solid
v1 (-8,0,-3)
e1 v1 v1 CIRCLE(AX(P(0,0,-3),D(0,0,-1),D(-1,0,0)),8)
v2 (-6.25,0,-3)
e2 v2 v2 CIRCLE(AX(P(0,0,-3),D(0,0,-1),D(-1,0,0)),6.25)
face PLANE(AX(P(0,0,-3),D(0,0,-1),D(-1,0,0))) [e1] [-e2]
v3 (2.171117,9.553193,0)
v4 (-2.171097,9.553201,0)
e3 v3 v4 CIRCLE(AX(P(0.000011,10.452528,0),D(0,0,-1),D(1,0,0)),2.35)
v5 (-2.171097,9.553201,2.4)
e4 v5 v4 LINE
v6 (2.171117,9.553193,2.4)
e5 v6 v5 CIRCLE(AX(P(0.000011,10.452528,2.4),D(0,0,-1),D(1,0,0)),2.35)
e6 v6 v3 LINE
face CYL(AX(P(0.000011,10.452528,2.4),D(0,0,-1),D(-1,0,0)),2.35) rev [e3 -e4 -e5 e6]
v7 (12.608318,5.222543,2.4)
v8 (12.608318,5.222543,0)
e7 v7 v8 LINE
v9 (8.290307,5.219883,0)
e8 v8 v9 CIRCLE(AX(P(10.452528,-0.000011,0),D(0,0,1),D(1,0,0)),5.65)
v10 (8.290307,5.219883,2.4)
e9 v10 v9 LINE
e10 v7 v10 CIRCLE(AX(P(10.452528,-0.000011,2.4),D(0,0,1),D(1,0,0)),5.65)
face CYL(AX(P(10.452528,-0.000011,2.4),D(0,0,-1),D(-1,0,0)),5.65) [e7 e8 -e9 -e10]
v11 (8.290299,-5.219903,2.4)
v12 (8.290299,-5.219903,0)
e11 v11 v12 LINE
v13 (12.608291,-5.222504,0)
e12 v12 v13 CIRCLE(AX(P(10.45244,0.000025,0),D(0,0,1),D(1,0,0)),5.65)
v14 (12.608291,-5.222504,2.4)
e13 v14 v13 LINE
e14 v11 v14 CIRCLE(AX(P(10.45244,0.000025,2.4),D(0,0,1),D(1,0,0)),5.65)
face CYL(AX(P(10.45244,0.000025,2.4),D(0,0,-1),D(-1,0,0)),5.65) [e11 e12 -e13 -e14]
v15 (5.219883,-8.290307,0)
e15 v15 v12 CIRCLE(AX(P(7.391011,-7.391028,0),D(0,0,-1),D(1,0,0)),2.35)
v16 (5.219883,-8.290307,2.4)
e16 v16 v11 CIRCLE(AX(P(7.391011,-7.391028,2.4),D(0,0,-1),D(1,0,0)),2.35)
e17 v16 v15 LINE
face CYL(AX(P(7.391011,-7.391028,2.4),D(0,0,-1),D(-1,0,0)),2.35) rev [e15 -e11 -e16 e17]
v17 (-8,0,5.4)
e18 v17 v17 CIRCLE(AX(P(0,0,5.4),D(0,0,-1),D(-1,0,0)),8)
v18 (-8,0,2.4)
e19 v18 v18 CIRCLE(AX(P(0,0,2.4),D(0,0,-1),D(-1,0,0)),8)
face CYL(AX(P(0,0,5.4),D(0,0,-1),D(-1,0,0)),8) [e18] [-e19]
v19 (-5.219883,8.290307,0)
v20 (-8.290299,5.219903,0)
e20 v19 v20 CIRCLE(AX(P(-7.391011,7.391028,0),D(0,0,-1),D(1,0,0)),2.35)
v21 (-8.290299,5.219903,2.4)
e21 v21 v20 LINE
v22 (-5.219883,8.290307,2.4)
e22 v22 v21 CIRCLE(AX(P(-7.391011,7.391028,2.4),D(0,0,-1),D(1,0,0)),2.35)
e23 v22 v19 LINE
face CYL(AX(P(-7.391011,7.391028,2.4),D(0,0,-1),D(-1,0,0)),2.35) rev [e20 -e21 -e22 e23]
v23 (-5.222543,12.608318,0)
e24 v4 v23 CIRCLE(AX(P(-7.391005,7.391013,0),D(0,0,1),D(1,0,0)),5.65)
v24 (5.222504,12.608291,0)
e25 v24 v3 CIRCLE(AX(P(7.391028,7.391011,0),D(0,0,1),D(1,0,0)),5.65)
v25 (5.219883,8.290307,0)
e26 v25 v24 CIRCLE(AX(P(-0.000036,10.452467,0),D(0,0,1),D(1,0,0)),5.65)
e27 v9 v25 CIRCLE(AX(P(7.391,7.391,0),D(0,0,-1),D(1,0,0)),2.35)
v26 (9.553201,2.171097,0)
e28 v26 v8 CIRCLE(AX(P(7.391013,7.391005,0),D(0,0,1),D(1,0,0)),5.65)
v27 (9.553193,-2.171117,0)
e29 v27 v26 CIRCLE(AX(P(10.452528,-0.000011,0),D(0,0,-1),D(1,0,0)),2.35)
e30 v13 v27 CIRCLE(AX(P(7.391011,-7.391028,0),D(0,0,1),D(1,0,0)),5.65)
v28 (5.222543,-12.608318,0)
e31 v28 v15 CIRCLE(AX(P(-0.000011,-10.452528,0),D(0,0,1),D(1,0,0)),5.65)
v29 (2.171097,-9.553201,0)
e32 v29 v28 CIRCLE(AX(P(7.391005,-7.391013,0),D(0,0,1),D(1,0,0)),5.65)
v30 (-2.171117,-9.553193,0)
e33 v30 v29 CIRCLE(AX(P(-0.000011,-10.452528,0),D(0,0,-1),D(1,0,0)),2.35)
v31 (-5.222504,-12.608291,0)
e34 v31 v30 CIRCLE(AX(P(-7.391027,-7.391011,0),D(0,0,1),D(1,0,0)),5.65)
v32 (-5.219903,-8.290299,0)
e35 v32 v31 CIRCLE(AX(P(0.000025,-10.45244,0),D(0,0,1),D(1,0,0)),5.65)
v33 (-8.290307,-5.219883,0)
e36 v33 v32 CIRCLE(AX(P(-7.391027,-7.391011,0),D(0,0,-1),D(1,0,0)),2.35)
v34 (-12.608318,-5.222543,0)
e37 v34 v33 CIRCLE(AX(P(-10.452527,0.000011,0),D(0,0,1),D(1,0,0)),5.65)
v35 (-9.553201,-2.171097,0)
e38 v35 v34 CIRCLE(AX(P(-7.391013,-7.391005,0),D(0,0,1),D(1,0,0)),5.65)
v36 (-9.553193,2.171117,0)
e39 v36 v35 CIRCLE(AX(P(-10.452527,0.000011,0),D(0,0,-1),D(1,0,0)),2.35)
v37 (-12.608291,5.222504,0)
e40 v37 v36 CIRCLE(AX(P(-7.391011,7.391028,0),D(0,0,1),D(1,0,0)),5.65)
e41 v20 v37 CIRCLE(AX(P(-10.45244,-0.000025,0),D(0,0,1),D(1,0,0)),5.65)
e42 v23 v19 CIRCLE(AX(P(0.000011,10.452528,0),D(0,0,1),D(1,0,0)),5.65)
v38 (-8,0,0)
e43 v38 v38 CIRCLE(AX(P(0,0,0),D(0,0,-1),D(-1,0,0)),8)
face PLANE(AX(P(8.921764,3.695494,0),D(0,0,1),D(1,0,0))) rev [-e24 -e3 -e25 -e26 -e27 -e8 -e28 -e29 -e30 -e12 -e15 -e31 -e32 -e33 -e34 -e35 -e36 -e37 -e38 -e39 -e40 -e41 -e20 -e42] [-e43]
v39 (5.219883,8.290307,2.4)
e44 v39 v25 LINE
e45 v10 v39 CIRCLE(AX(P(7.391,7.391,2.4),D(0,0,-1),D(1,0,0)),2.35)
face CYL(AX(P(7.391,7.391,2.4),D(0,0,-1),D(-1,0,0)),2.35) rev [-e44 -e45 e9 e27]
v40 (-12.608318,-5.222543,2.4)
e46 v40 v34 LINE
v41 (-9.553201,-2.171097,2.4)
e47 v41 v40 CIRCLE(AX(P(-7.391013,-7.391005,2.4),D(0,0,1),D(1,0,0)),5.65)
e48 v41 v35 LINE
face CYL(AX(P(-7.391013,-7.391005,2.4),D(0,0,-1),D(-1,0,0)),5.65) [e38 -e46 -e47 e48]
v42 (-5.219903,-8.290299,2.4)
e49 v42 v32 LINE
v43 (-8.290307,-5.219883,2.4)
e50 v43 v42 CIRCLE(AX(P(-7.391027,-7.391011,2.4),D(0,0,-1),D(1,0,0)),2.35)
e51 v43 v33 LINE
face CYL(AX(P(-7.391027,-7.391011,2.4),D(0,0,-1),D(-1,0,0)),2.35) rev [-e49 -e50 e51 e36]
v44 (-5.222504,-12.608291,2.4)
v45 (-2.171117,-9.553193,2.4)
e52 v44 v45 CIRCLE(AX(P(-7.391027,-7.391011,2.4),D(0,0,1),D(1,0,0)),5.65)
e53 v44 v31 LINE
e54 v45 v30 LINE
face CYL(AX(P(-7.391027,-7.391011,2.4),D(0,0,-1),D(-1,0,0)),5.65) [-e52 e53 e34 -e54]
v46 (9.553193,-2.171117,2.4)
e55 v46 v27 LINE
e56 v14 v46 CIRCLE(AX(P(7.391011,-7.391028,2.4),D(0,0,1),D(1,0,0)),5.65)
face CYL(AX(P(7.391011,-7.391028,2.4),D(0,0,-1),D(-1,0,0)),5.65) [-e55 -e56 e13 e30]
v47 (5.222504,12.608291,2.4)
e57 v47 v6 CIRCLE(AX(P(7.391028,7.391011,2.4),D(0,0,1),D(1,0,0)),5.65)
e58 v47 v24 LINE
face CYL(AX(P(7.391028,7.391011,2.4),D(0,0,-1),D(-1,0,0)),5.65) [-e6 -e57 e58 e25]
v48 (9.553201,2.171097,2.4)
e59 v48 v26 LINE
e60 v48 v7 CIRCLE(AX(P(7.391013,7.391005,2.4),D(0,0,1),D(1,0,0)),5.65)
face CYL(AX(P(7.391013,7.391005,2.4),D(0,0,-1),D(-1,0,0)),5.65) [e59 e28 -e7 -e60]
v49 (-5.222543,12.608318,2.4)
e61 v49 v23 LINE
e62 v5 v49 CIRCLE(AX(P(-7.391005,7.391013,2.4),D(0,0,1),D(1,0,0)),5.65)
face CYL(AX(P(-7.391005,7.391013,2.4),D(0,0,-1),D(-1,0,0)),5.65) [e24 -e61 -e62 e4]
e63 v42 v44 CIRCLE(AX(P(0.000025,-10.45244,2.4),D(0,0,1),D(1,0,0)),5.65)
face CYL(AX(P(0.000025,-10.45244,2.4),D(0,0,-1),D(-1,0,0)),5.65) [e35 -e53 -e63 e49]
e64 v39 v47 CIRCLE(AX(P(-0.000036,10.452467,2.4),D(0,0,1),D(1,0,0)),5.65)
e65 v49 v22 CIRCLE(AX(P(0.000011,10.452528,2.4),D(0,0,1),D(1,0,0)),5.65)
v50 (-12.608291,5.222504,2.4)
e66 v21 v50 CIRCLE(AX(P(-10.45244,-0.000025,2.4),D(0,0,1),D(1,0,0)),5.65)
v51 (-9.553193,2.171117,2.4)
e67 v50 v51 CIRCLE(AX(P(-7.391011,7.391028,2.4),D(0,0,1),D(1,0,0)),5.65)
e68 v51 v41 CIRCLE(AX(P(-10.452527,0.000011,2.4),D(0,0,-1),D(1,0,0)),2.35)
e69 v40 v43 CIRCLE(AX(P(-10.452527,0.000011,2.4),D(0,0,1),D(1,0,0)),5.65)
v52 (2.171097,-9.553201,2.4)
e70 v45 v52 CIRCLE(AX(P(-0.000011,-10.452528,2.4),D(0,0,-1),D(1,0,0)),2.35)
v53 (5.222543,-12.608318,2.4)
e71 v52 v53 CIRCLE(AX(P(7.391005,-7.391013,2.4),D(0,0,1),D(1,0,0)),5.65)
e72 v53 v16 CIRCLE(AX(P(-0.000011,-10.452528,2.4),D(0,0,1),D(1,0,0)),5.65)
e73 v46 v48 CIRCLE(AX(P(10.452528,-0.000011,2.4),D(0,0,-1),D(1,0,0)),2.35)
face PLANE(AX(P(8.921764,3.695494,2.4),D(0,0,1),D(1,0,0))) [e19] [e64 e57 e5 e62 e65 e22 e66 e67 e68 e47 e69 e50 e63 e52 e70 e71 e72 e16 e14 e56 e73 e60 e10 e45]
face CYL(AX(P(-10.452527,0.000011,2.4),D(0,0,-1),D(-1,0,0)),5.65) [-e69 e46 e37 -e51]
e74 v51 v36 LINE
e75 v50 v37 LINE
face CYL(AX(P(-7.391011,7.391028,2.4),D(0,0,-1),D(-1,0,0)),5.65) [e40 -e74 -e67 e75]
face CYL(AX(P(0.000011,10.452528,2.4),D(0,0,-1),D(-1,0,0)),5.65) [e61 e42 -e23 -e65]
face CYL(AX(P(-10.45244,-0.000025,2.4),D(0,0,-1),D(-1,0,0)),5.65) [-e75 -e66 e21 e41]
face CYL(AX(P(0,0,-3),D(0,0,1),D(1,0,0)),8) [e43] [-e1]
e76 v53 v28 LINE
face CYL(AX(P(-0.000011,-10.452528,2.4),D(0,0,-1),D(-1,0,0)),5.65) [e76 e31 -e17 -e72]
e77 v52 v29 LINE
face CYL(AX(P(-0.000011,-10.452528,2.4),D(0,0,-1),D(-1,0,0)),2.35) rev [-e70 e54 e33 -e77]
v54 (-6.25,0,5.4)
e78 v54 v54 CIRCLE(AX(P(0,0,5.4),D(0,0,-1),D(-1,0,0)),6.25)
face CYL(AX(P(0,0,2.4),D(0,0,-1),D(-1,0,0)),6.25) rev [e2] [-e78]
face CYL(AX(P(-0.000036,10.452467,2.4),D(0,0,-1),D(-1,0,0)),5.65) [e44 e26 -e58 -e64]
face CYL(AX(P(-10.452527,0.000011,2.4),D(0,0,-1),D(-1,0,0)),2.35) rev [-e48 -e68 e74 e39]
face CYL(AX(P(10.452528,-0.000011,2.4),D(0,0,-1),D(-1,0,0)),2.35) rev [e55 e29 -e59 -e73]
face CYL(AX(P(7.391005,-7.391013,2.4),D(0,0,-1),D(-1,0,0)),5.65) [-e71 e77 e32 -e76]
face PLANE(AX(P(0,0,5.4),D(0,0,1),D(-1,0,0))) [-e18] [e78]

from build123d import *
from build123d.topology import SkipClean

# Parameters (mm, degrees)
MODEL_R             = 6.25
BOSS_EXTRUDE1_DEPTH = 2.4
BOSS_EXTRUDE2_START = 3
SKETCH2_R           = 8
SKETCH2_R_2         = 6.25
BOSS_EXTRUDE2_DEPTH = 3


with BuildPart() as part:
    # Model → Boss-Extrude1 (new body)
    with BuildSketch(Plane.XY):
        with BuildLine():
            ThreePointArc((5.219883463, 8.290306898), (5.649962695, 10.449038711), (5.222503822, 12.608290919))
            ThreePointArc((5.222503822, 12.608290919), (3.39344735, 11.383736442), (2.171116571, 9.55319316))
            ThreePointArc((2.171116571, 9.55319316), (7.05e-06, 8.10252753), (-2.171097098, 9.553201202))
            ThreePointArc((-2.171097098, 9.553201202), (-3.393450986, 11.383763689), (-5.222542517, 12.608317574))
            ThreePointArc((-5.222542517, 12.608317574), (-5.649987545, 10.449048181), (-5.219883434, 8.290306876))
            ThreePointArc((-5.219883434, 8.290306876), (-5.729313534, 5.729323511), (-8.290298786, 5.219902898))
            ThreePointArc((-8.290298786, 5.219902898), (-10.449036556, 5.649974072), (-12.608290861, 5.222503812))
            ThreePointArc((-12.608290861, 5.222503812), (-11.383736397, 3.393447352), (-9.553193136, 2.171116571))
            ThreePointArc((-9.553193136, 2.171116571), (-8.102527499, 7.032e-06), (-9.55320119, -2.171097126))
            ThreePointArc((-9.55320119, -2.171097126), (-11.38376367, -3.393451008), (-12.608317555, -5.222542529))
            ThreePointArc((-12.608317555, -5.222542529), (-10.449048162, -5.649987556), (-8.290306857, -5.219883446))
            ThreePointArc((-8.290306857, -5.219883446), (-5.729323474, -5.729313553), (-5.219902867, -8.290298826))
            ThreePointArc((-5.219902867, -8.290298826), (-5.649974041, -10.449036588), (-5.222503789, -12.608290885))
            ThreePointArc((-5.222503789, -12.608290885), (-3.393447328, -11.383736421), (-2.171116547, -9.55319316))
            ThreePointArc((-2.171116547, -9.55319316), (-7.008e-06, -8.102527522), (2.17109715, -9.553201214))
            ThreePointArc((2.17109715, -9.553201214), (3.393451032, -11.383763694), (5.222542552, -12.608317579))
            ThreePointArc((5.222542552, -12.608317579), (5.64998758, -10.449048185), (5.21988347, -8.290306881))
            ThreePointArc((5.21988347, -8.290306881), (5.729313577, -5.729323498), (8.29029885, -5.219902891))
            ThreePointArc((8.29029885, -5.219902891), (10.449036612, -5.649974065), (12.608290909, -5.222503812))
            ThreePointArc((12.608290909, -5.222503812), (11.383736445, -3.393447352), (9.553193184, -2.171116571))
            ThreePointArc((9.553193184, -2.171116571), (8.102527546, -7.031e-06), (9.553201238, 2.171097126))
            ThreePointArc((9.553201238, 2.171097126), (11.383763724, 3.393451015), (12.60831761, 5.222542545))
            ThreePointArc((12.60831761, 5.222542545), (10.449048209, 5.649987575), (8.290306898, 5.219883463))
            ThreePointArc((8.290306898, 5.219883463), (5.729299098, 5.729299098), (5.219883463, 8.290306898))
        make_face()
        Circle(MODEL_R, mode=Mode.SUBTRACT)
    extrude(amount=BOSS_EXTRUDE1_DEPTH)

    # Sketch2 → Boss-Extrude2 (add)
    with SkipClean():  # the faces are left unmerged after this step: merging them gives an invalid solid
        with BuildSketch(Plane(origin=(0, 0, 0), x_dir=(-1, 0, 0), z_dir=(0, 0, -1)).offset(BOSS_EXTRUDE2_START)):
            Circle(SKETCH2_R)
            Circle(SKETCH2_R_2, mode=Mode.SUBTRACT)
        boss_extrude2 = extrude(amount=-BOSS_EXTRUDE2_DEPTH)

    # Mirror1: Boss-Extrude2 across plane
    add(boss_extrude2.mirror(Plane(origin=(0, 0, 1.199999886), x_dir=(1, 0, 0), z_dir=(0, 0, -1))))


solid = part.part
